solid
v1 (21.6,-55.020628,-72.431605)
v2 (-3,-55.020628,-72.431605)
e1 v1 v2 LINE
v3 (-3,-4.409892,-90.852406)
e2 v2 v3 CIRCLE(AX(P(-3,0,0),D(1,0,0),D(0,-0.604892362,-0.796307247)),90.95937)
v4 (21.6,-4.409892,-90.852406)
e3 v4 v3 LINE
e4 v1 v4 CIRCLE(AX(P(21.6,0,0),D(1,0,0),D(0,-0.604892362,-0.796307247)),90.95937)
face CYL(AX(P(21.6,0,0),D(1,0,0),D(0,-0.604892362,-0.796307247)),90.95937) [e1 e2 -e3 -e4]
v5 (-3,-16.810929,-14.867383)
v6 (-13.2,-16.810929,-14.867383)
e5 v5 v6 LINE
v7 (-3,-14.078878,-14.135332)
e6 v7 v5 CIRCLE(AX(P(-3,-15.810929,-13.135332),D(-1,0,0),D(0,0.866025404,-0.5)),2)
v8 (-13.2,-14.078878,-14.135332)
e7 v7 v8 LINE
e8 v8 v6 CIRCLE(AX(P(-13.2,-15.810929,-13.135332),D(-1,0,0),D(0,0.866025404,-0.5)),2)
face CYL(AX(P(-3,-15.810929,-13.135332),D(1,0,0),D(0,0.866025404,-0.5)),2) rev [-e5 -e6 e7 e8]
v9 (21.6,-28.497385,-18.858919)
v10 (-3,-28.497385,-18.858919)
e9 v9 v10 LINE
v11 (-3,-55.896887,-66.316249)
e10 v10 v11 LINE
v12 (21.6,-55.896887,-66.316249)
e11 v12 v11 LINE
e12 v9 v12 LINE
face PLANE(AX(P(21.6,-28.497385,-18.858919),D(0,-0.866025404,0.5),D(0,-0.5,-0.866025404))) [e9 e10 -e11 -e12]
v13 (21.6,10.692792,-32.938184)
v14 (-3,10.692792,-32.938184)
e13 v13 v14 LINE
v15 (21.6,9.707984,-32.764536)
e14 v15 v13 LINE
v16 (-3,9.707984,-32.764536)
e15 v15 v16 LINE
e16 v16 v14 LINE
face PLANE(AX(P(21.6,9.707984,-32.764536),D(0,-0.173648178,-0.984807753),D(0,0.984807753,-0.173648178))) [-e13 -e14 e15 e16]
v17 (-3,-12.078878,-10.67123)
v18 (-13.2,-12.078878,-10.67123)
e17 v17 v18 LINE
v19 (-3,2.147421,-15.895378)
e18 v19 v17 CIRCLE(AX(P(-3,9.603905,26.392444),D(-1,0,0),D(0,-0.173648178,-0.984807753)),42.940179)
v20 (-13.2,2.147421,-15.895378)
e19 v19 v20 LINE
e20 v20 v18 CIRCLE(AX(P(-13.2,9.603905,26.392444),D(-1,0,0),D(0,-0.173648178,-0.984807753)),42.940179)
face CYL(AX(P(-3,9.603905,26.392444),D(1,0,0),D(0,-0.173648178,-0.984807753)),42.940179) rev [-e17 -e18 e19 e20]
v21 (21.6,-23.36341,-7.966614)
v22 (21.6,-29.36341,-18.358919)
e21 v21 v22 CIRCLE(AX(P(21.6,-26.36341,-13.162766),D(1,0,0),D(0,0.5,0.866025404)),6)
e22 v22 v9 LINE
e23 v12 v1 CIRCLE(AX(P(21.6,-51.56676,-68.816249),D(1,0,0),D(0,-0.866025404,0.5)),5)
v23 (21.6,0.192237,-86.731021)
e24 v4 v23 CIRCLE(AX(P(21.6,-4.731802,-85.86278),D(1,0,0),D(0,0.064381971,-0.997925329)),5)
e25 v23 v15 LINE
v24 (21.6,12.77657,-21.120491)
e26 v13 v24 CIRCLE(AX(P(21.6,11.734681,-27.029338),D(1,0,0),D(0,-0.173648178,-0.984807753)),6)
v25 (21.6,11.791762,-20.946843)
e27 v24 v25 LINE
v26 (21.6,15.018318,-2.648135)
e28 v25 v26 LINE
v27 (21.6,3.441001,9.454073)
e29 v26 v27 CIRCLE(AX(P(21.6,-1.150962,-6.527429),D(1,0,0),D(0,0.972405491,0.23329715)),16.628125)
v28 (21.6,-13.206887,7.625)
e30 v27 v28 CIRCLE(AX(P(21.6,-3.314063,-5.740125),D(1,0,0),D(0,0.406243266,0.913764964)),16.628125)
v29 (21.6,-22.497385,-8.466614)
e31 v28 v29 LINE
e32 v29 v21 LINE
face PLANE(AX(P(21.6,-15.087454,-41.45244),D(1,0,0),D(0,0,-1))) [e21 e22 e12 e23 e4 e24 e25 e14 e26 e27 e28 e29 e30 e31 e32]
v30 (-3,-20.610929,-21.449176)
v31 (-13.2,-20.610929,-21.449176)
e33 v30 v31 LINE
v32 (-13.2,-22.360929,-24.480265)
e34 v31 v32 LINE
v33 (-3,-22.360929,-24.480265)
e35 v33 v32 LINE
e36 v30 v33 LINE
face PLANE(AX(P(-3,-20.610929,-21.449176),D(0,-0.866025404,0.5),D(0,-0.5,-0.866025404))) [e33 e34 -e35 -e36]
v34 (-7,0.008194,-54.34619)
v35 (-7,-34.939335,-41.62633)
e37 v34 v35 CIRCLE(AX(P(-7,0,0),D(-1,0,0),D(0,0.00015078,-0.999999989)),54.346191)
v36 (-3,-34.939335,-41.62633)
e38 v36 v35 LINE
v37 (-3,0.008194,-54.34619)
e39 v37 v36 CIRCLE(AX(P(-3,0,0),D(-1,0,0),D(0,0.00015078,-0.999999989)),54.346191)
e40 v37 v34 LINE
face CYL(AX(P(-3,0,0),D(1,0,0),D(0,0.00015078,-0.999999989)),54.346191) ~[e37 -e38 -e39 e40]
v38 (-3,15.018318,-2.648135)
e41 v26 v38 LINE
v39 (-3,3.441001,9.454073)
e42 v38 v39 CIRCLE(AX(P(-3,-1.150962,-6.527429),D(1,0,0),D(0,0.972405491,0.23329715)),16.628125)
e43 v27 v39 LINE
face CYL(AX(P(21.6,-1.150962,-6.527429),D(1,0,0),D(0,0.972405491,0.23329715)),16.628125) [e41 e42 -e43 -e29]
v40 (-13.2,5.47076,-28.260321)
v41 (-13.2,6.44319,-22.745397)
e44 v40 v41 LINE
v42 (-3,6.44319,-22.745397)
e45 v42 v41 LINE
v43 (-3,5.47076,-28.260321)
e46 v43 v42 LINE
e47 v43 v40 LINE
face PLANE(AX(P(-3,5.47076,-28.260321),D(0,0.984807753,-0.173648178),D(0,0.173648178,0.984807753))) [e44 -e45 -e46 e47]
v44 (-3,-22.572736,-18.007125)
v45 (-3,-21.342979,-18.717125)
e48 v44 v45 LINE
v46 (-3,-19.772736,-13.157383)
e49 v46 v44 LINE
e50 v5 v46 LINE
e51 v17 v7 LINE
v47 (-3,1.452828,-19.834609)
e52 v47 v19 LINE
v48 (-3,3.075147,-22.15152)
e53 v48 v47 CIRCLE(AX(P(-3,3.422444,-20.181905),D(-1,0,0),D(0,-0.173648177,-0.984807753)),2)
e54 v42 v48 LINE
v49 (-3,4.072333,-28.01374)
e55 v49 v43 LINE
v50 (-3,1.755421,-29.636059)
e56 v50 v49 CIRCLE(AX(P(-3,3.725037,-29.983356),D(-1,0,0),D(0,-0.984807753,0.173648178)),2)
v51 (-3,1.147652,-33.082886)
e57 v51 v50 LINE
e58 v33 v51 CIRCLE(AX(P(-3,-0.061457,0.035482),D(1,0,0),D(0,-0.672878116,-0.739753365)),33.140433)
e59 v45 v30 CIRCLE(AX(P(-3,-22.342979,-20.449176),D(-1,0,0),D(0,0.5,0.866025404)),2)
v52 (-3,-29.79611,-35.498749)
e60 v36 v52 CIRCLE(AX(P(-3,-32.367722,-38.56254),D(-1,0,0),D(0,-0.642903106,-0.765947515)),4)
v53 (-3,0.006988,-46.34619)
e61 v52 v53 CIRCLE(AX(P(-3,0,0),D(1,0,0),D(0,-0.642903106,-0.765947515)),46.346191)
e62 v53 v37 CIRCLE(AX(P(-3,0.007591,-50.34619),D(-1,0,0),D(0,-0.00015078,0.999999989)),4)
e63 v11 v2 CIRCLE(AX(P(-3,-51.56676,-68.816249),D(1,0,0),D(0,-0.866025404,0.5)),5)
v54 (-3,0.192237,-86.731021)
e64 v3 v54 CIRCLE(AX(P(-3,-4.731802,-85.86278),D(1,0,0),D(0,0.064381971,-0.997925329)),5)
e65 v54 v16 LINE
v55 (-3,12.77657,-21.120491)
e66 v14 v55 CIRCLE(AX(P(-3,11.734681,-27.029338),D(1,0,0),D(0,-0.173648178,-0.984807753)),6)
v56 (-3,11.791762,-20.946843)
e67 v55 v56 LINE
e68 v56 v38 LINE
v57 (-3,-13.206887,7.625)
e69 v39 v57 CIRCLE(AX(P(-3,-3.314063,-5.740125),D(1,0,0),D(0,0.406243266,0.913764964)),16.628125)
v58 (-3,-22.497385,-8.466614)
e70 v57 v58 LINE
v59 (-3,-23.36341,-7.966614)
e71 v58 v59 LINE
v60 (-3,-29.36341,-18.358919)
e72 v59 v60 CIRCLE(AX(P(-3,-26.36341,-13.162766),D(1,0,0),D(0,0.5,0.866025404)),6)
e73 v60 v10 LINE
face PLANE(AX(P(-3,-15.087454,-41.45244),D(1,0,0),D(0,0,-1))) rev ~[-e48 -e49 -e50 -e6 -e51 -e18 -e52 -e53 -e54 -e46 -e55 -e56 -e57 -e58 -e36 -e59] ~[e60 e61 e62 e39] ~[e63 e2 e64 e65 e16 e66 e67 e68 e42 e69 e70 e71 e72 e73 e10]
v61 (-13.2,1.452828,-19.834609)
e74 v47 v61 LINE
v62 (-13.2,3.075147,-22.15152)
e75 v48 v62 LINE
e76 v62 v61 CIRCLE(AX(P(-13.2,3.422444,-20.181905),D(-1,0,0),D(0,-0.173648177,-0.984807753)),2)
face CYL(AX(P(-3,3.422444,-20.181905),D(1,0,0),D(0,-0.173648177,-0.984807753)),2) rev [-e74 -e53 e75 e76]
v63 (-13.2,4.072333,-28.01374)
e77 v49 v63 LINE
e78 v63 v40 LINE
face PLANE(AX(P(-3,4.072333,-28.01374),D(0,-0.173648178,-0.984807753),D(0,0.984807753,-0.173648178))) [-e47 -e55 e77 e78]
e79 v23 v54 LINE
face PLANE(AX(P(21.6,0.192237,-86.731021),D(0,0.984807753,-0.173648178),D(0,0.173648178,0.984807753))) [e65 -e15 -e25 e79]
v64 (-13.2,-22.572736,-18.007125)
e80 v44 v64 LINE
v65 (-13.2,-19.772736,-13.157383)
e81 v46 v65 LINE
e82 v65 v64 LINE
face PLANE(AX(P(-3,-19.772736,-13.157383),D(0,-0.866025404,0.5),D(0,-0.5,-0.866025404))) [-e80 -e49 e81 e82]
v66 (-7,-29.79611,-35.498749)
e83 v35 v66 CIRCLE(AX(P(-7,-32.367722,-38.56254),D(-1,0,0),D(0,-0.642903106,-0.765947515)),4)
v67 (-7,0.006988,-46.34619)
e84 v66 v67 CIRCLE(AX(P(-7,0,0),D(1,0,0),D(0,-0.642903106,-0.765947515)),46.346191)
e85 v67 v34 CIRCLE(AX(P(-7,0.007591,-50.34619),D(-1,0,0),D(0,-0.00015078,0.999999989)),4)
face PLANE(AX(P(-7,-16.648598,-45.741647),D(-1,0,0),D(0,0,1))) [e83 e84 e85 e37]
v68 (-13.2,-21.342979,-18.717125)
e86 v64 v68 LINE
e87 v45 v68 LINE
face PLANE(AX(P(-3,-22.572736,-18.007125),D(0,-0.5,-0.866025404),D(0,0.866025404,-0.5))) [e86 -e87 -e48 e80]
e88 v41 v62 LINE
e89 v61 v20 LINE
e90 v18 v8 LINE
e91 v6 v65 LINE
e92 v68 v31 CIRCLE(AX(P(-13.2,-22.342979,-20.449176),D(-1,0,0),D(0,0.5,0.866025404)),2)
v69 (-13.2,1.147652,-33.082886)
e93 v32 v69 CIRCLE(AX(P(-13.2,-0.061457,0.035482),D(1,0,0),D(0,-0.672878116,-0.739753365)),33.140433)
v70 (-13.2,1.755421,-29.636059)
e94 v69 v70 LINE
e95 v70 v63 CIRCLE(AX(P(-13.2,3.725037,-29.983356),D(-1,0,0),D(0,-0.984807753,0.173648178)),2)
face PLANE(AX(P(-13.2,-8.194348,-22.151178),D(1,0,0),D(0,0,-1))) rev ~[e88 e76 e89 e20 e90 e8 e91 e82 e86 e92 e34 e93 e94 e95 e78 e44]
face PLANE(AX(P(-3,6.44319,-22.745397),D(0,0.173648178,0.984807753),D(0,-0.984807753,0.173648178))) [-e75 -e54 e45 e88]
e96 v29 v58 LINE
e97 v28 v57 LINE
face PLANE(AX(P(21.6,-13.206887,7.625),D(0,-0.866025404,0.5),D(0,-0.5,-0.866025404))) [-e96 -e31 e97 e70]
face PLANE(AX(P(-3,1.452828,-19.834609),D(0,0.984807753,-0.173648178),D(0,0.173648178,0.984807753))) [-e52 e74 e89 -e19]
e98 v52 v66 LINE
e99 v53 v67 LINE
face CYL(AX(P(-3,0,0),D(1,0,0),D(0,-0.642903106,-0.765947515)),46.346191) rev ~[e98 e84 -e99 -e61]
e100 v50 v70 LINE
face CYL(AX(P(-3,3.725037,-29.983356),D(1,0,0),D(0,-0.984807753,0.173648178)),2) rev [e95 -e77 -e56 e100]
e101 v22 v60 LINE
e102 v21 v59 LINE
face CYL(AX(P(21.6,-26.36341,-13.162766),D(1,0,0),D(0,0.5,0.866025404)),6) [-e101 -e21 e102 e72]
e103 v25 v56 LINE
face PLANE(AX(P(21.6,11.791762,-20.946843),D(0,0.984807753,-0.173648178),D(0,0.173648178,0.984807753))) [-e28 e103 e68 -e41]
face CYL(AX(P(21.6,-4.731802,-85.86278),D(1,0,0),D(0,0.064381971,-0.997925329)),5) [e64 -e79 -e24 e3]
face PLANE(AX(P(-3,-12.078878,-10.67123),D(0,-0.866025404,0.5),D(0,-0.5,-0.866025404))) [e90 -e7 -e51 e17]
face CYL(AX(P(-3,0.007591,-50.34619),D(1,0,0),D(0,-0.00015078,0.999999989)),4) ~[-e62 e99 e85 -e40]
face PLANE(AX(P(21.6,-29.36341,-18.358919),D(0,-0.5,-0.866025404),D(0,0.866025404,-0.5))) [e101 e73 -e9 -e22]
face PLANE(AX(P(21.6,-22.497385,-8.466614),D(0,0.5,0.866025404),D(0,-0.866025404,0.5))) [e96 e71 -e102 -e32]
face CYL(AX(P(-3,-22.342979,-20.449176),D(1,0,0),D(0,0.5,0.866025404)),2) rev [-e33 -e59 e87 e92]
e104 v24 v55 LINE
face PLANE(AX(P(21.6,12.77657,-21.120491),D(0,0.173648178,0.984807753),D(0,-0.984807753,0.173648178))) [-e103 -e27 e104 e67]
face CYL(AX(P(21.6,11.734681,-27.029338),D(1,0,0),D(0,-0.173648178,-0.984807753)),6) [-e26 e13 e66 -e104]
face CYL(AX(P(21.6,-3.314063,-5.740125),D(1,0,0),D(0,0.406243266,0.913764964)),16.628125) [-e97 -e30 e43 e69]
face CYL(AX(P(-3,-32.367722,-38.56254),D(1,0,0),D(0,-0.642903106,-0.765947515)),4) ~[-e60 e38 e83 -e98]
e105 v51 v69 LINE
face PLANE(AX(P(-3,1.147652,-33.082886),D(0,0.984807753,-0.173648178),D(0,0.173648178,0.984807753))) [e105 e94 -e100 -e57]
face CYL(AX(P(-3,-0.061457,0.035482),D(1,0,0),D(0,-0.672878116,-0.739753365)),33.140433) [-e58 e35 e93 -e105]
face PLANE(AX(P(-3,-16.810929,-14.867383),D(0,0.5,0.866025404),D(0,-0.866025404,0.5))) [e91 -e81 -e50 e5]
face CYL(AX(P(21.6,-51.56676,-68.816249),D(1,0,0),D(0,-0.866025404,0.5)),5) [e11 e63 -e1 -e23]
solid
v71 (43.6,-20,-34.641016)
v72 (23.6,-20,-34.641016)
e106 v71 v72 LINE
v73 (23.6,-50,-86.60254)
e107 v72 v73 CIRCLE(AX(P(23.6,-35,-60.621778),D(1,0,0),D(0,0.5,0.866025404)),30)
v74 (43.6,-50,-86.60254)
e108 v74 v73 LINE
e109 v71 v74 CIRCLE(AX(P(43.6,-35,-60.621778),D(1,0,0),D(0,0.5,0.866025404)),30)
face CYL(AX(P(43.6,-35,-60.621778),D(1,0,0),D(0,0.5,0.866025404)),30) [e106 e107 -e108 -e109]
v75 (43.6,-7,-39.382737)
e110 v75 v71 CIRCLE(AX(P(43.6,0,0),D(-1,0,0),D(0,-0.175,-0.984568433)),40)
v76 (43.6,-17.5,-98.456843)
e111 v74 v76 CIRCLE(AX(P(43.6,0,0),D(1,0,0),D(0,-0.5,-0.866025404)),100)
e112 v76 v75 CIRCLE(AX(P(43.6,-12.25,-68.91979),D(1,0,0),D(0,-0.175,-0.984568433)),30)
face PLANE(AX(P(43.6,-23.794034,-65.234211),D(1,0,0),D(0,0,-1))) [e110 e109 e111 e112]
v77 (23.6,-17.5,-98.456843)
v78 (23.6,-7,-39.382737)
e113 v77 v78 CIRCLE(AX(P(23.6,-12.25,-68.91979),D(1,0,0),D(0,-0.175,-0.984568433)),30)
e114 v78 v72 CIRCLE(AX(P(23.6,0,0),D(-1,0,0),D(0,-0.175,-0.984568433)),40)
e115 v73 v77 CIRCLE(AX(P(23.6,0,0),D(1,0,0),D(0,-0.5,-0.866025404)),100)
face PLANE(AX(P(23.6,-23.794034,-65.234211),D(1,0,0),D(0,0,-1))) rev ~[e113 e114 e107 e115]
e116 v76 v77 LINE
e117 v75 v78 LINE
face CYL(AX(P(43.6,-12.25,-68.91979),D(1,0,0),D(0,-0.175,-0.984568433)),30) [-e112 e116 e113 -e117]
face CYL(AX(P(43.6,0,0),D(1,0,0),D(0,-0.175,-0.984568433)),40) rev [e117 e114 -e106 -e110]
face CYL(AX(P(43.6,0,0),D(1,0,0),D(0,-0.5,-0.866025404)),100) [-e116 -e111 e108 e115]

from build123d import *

# Parameters (mm, degrees)
BOSS_EXTRUDE2_DEPTH = 24.6
BOSS_EXTRUDE3_DEPTH = 4
BOSS_EXTRUDE4_DEPTH = 10.2
BOSS_EXTRUDE5_DEPTH = 20


with BuildPart() as part:
    # Sketch7 → Boss-Extrude2 (new body)
    with BuildSketch(Plane(origin=(21.6, 0, 0), x_dir=(0, 0, -1), z_dir=(1, 0, 0))):
        with BuildLine():
            Line((-7.625, -13.206887408), (8.466613981, -22.497385071))
            Line((8.466613981, -22.497385071), (7.966613981, -23.363410475))
            ThreePointArc((7.966613981, -23.363410475), (10.162766404, -31.559562898), (18.358918826, -29.363410475))
            Line((18.358918826, -29.363410475), (18.858918826, -28.497385071))
            Line((18.858918826, -28.497385071), (66.316248975, -55.896887408))
            ThreePointArc((66.316248975, -55.896887408), (69.52544748, -56.516208588), (72.431605073, -55.020627828))
            ThreePointArc((72.431605073, -55.020627828), (85.473848311, -31.109936594), (90.852406417, -4.409892086))
            ThreePointArc((90.852406417, -4.409892086), (89.587501324, -1.396168663), (86.731020662, 0.192236824))
            Line((86.731020662, 0.192236824), (32.764536002, 9.707984124))
            Line((32.764536002, 9.707984124), (32.93818418, 10.692791877))
            ThreePointArc((32.93818418, 10.692791877), (28.071226728, 17.643527461), (21.120491144, 12.776570009))
            Line((21.120491144, 12.776570009), (20.946842966, 11.791762256))
            Line((20.946842966, 11.791762256), (2.648134709, 15.018318233))
            ThreePointArc((2.648134709, 15.018318233), (-4.966977399, 10.864576659), (-9.454073405, 3.441001312))
            ThreePointArc((-9.454073405, 3.441001312), (-10.788540697, -5.130037047), (-7.625, -13.206887408))
        make_face()
    extrude(amount=-BOSS_EXTRUDE2_DEPTH)

    # Sketch10 → Boss-Extrude3 (add)
    with BuildSketch(Plane.ZY.offset(3)):
        with BuildLine():
            ThreePointArc((-54.346189903, 0.008194309), (-51.068714201, -18.587491871), (-41.62632958, -34.939334709))
            ThreePointArc((-41.62632958, -34.939334709), (-35.990927094, -35.431512343), (-35.49874946, -29.796109857))
            ThreePointArc((-35.49874946, -29.796109857), (-43.551173234, -15.851330725), (-46.346189994, 0.006988071))
            ThreePointArc((-46.346189994, 0.006988071), (-50.34558683, 4.007591145), (-54.346189903, 0.008194309))
        make_face()
    extrude(amount=BOSS_EXTRUDE3_DEPTH)

    # Sketch13 → Boss-Extrude4 (add)
    with BuildSketch(Plane.ZY.offset(3)):
        with BuildLine():
            Line((-10.671230148, -12.078877858), (-14.135331763, -14.078877858))
            ThreePointArc((-14.135331763, -14.078877858), (-15.067183416, -15.293290575), (-14.867382571, -16.810928665))
            Line((-14.867382571, -16.810928665), (-13.157382571, -19.772735546))
            Line((-13.157382571, -19.772735546), (-18.007124832, -22.572735546))
            Line((-18.007124832, -22.572735546), (-18.717124832, -21.342979473))
            ThreePointArc((-18.717124832, -21.342979473), (-19.93153755, -20.41112782), (-21.44917564, -20.610928665))
            Line((-21.44917564, -20.610928665), (-24.480264553, -22.360928665))
            ThreePointArc((-24.480264553, -22.360928665), (-31.086634735, -11.450140853), (-33.08288647, 1.147652472))
            Line((-33.08288647, 1.147652472), (-29.636059334, 1.755421094))
            ThreePointArc((-29.636059334, 1.755421094), (-28.345051601, 2.577883728), (-28.013740184, 4.072332956))
            Line((-28.013740184, 4.072332956), (-28.260320596, 5.470759965))
            Line((-28.260320596, 5.470759965), (-22.745397179, 6.44318976))
            Line((-22.745397179, 6.44318976), (-22.151520411, 3.075147244))
            ThreePointArc((-22.151520411, 3.075147244), (-21.329057778, 1.784139511), (-19.83460855, 1.452828094))
            Line((-19.83460855, 1.452828094), (-15.895377538, 2.147420804))
            ThreePointArc((-15.895377538, 2.147420804), (-13.915890879, -5.198025626), (-10.671230148, -12.078877858))
        make_face()
    extrude(amount=BOSS_EXTRUDE4_DEPTH)


with BuildPart() as body_2:
    # Sketch14 → Boss-Extrude5 (new body)
    with BuildSketch(Plane(origin=(43.6, 0, 0), x_dir=(0, 0, -1), z_dir=(1, 0, 0))):
        with BuildLine():
            ThreePointArc((98.456843338, -17.5), (74.169790336, 17.287053001), (39.382737335, -7))
            ThreePointArc((39.382737335, -7), (37.578305178, -13.706603516), (34.641016151, -20))
            ThreePointArc((34.641016151, -20), (45.621778265, -60.980762114), (86.602540378, -50))
            ThreePointArc((86.602540378, -50), (93.945762945, -34.26650879), (98.456843338, -17.5))
        make_face()
    extrude(amount=-BOSS_EXTRUDE5_DEPTH)


solid = Compound([part.part, body_2.part])
